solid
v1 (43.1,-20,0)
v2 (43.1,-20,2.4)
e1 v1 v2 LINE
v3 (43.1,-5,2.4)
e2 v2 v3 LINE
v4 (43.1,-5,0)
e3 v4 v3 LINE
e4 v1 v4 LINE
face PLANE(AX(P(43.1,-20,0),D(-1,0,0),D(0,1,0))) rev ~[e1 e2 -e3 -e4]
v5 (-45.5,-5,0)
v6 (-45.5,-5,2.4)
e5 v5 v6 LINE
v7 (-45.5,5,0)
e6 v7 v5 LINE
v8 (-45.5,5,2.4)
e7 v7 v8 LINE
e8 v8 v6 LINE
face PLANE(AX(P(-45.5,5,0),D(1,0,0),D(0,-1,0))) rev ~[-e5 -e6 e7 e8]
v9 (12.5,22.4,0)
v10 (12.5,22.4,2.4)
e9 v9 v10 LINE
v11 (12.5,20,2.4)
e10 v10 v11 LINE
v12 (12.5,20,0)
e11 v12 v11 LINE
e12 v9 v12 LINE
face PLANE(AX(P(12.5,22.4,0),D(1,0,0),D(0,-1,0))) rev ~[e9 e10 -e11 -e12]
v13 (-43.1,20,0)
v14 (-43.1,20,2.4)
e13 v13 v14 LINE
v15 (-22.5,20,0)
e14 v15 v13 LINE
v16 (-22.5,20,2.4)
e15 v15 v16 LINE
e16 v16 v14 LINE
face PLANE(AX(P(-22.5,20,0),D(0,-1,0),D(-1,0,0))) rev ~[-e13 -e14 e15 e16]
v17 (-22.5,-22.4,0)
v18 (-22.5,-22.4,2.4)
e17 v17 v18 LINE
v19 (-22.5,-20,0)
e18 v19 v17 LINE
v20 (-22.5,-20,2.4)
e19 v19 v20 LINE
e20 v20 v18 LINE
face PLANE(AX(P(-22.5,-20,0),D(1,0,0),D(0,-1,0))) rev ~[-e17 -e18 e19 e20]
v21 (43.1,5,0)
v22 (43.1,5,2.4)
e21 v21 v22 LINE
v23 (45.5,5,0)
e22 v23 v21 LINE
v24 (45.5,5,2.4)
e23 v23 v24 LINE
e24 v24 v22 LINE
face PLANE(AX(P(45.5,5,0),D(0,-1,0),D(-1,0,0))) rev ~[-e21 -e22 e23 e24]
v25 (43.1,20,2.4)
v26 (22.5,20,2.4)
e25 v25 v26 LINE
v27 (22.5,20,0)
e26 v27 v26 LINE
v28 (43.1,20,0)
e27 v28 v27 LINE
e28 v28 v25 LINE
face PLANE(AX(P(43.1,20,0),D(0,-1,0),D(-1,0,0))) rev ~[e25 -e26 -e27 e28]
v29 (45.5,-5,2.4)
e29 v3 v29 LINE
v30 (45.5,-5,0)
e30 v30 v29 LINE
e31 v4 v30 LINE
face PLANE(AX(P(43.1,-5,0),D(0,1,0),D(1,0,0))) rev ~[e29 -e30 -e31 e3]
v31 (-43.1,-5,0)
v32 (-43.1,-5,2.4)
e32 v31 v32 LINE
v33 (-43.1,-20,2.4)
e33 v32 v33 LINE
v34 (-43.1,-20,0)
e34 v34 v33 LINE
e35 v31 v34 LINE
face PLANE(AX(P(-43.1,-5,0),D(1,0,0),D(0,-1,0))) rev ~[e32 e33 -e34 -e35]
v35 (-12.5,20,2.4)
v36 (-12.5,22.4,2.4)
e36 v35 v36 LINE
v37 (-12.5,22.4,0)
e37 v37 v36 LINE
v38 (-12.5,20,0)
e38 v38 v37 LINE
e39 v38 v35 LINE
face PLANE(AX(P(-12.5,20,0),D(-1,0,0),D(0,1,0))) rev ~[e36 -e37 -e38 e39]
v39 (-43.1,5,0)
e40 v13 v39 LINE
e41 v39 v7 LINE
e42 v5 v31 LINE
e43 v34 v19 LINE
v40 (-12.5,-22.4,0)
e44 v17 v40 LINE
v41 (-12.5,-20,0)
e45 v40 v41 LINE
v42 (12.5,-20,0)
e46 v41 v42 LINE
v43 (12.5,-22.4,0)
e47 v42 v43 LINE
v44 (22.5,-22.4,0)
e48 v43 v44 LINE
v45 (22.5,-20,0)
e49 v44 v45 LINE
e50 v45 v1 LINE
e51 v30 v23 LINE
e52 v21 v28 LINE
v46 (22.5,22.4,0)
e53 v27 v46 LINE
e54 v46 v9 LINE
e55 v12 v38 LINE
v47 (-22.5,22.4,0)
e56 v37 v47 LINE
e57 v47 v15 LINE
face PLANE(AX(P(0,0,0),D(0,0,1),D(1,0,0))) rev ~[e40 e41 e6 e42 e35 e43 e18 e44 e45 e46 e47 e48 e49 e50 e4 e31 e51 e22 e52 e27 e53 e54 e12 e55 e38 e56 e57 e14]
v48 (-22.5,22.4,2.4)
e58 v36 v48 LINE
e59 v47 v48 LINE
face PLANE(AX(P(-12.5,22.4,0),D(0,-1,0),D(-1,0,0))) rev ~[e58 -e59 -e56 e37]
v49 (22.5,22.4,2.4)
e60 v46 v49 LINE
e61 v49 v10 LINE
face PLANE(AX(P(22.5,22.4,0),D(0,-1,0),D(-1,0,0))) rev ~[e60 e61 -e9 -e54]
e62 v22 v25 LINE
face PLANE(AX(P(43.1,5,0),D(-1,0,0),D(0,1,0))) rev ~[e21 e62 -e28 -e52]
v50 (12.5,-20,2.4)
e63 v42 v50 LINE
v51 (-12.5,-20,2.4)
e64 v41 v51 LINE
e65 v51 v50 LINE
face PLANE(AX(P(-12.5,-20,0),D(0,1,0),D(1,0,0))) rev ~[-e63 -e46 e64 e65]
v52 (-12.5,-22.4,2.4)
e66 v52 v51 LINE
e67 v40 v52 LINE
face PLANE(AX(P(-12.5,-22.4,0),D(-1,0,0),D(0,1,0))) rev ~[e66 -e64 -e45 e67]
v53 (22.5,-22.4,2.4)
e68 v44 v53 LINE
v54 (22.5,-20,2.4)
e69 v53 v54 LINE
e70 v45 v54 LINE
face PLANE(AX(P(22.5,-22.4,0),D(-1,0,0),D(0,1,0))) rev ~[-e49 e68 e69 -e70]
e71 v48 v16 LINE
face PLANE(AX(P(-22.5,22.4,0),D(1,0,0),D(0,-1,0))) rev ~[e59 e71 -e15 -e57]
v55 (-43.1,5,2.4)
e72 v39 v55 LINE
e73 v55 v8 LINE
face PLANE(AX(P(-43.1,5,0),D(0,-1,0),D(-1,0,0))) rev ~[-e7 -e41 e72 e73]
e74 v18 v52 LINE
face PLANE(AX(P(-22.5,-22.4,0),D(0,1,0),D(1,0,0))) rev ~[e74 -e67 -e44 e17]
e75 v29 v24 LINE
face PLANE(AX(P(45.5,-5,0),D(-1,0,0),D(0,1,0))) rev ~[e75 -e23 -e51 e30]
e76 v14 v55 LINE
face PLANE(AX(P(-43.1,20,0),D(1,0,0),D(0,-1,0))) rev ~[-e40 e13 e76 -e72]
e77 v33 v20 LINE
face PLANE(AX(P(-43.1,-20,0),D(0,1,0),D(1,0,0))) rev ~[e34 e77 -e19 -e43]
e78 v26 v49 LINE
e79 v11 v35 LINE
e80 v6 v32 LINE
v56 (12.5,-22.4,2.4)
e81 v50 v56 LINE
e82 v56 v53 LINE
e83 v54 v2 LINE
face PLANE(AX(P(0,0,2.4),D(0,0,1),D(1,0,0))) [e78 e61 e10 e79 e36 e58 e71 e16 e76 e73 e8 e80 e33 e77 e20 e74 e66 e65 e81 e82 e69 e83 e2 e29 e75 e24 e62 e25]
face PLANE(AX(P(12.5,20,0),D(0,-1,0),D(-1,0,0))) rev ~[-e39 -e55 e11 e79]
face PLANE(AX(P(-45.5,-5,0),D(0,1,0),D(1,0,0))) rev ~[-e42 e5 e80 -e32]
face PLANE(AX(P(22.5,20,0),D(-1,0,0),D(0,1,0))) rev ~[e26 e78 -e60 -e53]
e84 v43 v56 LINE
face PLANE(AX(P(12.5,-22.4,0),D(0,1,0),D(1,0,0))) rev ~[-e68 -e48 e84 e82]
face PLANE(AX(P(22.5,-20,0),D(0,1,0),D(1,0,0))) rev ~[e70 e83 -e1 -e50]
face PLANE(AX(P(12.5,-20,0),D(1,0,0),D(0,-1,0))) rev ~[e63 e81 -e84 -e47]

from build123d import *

# Parameters (mm, degrees)
F1_DEPTH = 2.4


with BuildPart() as f1:
    # F0 (on Top) → F1 (new body)
    with BuildSketch(Plane.XY):
        Polygon((43.1, 5), (43.1, 20), (22.5, 20), (22.5, 22.4), (12.5, 22.4), (12.5, 20), (-12.5, 20), (-12.5, 22.4), (-22.5, 22.4), (-22.5, 20), (-43.1, 20), (-43.1, 5), (-45.5, 5), (-45.5, -5), (-43.1, -5), (-43.1, -20), (-22.5, -20), (-22.5, -22.4), (-12.5, -22.4), (-12.5, -20), (12.5, -20), (12.5, -22.4), (22.5, -22.4), (22.5, -20), (43.1, -20), (43.1, -5), (45.5, -5), (45.5, 5), align=None)
    extrude(amount=F1_DEPTH)


solid = f1.part
